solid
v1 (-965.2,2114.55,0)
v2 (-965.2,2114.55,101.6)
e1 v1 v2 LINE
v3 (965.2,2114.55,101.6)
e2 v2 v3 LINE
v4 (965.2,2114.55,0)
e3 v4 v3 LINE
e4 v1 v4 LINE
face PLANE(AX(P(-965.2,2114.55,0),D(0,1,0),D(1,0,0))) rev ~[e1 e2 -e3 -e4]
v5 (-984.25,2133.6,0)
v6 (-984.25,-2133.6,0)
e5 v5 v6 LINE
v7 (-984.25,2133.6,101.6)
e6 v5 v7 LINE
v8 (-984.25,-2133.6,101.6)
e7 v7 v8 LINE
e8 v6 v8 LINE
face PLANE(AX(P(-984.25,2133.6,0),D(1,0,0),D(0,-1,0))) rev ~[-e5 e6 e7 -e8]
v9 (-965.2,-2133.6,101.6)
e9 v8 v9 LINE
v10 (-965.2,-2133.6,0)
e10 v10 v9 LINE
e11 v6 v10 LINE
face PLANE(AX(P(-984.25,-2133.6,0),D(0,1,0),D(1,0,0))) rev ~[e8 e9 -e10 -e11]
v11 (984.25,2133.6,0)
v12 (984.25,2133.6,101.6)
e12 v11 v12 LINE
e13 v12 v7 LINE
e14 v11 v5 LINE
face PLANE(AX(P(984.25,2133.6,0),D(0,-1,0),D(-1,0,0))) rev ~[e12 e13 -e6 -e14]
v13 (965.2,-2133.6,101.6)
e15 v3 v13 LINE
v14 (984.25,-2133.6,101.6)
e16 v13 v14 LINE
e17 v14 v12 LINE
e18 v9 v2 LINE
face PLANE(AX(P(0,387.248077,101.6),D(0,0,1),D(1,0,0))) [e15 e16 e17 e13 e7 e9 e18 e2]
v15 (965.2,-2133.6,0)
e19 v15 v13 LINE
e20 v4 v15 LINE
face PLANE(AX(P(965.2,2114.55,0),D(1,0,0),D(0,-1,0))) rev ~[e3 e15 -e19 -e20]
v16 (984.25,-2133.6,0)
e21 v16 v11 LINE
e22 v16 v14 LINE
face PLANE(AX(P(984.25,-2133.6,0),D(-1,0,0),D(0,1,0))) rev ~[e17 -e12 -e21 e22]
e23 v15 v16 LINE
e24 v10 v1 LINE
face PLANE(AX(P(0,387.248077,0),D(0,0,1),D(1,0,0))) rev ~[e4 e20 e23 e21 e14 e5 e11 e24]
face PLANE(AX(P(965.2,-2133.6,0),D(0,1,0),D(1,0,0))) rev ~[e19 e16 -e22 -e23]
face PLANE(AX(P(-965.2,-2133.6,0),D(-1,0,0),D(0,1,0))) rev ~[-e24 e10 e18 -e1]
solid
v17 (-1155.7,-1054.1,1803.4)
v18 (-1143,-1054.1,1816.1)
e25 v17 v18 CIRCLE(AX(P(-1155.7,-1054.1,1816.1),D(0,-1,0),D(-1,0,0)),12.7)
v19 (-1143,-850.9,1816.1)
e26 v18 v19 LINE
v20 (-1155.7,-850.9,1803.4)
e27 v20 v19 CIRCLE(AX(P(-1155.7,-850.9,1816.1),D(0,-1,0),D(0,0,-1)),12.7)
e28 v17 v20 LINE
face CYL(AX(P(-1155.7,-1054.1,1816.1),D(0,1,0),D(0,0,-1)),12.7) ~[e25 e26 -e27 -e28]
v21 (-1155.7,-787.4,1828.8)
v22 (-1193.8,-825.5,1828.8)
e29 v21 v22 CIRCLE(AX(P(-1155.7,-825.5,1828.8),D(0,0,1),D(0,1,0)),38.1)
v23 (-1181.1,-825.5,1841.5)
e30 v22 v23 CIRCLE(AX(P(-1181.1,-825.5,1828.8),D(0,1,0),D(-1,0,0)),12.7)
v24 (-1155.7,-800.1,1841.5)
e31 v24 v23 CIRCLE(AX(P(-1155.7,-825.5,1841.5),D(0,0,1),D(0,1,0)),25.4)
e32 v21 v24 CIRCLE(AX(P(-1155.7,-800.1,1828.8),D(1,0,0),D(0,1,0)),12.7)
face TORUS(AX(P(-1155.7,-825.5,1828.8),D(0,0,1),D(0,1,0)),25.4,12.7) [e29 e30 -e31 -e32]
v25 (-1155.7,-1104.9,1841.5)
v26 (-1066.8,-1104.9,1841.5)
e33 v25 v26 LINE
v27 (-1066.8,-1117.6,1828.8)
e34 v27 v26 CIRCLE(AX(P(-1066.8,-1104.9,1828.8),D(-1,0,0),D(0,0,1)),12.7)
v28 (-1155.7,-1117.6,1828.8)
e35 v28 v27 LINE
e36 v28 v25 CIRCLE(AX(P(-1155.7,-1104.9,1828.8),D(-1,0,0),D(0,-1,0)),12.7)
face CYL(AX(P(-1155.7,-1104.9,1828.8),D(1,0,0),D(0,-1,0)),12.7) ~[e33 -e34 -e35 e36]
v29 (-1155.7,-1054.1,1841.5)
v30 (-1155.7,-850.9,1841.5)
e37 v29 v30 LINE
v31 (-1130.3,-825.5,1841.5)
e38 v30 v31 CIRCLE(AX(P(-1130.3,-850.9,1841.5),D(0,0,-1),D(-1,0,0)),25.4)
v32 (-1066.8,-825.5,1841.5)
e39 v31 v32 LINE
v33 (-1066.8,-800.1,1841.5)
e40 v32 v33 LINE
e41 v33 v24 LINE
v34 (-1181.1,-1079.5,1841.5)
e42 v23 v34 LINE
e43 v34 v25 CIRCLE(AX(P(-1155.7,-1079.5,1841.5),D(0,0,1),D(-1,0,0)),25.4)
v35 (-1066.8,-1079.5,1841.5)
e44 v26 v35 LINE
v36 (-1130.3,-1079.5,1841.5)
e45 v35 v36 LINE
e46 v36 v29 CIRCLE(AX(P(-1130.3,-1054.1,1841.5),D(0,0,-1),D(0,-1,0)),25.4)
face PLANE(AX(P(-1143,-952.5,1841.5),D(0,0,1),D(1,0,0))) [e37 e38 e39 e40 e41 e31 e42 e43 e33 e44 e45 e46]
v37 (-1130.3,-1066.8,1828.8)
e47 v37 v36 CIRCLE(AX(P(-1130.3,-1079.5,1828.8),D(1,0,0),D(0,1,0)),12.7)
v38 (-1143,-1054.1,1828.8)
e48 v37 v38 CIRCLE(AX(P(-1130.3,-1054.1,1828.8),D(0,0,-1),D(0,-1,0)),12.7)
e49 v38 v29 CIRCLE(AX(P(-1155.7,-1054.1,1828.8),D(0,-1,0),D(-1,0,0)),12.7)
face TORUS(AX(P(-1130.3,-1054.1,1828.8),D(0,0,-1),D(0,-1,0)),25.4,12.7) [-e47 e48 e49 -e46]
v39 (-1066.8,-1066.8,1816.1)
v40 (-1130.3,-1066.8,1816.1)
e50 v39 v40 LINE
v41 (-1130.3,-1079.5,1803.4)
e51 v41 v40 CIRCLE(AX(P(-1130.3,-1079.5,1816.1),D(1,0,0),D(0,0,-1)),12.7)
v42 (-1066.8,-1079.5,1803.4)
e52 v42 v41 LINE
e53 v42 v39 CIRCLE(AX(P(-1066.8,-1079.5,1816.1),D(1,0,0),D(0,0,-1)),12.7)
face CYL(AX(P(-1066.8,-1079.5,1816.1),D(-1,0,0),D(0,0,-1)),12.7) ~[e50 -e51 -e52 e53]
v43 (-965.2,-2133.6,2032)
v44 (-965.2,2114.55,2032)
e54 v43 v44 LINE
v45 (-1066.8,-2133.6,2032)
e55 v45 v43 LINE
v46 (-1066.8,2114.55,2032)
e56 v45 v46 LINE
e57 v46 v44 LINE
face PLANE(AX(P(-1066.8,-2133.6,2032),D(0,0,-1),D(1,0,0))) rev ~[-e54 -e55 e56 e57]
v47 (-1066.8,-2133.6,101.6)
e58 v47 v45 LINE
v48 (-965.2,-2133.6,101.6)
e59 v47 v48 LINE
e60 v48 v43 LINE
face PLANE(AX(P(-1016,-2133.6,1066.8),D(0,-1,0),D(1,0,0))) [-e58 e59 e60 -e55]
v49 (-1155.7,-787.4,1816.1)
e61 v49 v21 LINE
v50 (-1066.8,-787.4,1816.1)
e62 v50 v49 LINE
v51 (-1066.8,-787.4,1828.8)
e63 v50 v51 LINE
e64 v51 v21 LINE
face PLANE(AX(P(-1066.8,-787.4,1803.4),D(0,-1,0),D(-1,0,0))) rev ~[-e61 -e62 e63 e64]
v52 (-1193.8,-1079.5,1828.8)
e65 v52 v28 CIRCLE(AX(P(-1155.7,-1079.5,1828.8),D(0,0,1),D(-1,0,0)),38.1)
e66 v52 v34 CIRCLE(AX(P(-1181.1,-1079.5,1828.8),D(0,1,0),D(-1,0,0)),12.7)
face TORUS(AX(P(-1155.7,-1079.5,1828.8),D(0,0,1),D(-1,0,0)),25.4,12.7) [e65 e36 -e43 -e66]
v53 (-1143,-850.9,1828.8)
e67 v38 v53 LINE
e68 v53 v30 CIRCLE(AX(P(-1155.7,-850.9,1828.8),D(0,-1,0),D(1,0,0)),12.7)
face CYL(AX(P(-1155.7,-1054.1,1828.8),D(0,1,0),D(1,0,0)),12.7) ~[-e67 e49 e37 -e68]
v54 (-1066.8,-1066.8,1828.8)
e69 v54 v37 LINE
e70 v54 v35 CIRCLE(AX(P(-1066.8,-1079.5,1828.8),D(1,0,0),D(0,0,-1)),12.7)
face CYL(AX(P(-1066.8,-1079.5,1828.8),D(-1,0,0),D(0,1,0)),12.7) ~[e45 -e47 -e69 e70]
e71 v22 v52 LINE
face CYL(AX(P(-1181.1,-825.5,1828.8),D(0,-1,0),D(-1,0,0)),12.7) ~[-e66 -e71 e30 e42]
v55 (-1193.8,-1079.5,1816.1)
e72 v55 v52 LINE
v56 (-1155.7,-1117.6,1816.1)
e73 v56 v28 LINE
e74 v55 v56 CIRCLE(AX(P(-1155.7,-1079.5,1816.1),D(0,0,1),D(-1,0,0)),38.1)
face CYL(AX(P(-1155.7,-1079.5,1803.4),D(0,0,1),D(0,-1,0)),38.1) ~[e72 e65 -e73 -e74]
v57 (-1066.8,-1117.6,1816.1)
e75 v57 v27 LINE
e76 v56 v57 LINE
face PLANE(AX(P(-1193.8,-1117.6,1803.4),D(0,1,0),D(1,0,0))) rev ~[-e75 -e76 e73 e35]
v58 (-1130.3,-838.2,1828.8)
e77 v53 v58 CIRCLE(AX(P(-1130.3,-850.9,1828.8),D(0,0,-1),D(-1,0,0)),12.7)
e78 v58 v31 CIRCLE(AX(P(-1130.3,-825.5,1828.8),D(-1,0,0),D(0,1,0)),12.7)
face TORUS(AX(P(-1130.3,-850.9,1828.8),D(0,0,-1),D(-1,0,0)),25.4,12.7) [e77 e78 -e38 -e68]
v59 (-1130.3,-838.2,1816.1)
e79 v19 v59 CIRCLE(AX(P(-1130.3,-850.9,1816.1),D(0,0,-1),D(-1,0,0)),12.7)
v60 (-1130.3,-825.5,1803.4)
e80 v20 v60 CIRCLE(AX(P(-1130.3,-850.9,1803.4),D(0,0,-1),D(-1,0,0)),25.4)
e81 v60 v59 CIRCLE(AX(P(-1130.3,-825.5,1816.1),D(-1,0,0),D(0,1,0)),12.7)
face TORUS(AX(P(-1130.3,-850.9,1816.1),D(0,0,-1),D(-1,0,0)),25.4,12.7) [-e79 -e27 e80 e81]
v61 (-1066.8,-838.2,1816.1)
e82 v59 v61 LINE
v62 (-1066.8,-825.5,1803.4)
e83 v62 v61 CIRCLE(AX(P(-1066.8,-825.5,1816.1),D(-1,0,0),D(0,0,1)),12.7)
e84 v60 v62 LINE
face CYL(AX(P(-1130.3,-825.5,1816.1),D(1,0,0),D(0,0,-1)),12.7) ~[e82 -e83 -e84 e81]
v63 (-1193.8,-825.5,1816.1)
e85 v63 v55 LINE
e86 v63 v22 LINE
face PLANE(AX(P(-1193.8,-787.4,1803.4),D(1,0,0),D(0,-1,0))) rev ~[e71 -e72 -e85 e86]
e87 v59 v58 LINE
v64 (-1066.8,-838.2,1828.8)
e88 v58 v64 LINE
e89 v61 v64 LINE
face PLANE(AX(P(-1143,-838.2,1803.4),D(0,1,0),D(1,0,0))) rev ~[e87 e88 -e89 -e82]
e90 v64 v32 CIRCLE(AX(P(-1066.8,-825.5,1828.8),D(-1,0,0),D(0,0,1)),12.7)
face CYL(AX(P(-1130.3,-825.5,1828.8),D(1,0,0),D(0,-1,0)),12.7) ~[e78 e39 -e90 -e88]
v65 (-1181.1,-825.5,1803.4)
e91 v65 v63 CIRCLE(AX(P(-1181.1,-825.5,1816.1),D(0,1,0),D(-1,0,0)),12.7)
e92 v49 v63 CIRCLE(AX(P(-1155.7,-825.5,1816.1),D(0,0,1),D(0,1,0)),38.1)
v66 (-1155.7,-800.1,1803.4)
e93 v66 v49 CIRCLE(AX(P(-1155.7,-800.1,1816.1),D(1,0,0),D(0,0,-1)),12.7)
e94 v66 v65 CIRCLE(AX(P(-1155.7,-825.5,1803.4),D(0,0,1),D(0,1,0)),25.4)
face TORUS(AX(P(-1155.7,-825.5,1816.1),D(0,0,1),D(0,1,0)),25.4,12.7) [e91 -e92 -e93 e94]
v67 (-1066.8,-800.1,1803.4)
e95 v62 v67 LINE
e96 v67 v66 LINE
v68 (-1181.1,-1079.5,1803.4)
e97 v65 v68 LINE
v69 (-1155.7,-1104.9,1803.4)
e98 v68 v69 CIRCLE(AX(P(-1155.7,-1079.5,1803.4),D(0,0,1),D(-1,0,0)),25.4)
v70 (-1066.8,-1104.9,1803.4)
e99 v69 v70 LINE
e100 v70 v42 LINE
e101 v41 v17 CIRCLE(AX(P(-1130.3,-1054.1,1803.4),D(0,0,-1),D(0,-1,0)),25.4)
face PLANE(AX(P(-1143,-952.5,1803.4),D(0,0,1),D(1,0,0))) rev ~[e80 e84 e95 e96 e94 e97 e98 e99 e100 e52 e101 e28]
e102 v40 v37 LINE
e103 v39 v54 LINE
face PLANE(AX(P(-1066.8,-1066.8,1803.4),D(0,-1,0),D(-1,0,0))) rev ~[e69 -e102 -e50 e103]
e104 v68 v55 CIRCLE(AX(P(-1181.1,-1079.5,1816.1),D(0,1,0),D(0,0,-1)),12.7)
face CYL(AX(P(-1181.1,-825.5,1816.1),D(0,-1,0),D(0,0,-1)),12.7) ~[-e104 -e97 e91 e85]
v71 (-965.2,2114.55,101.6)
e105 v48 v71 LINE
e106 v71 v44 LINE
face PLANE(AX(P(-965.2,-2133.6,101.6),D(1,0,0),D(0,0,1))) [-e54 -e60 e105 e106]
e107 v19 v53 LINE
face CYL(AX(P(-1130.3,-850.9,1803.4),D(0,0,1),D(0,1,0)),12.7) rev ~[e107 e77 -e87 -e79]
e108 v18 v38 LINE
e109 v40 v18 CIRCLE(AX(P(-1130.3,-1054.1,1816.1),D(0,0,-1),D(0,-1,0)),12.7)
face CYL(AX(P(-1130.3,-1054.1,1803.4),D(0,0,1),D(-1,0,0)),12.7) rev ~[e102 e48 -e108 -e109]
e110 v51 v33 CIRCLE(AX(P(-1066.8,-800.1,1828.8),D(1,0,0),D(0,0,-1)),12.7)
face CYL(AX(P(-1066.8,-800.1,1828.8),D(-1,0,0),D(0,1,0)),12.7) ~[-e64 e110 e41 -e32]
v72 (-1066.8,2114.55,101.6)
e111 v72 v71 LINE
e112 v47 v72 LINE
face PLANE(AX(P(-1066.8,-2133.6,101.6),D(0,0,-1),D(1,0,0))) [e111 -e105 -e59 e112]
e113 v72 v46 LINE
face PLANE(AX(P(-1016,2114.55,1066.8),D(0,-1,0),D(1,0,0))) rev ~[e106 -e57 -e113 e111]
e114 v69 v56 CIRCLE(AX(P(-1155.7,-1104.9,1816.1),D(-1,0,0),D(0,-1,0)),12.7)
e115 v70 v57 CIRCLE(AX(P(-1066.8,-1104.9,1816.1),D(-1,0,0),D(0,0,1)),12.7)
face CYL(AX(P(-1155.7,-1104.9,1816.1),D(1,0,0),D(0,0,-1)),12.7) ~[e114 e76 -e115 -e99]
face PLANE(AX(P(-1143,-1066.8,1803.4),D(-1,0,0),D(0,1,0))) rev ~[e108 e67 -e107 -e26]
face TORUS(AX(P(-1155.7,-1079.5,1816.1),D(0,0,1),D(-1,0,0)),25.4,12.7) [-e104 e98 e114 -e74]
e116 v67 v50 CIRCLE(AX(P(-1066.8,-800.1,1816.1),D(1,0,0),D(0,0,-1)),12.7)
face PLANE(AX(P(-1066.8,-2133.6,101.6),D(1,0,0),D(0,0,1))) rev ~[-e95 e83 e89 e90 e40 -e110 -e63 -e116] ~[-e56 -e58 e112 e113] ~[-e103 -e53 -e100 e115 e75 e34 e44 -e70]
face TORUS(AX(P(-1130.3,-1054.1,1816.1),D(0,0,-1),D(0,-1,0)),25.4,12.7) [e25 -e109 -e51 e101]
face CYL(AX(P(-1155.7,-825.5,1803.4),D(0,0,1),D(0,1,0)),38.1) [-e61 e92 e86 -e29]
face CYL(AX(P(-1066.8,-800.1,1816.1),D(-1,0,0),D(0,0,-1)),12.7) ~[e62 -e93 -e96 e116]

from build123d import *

# Parameters (mm, degrees)
BOSS_EXTRUDE1_DEPTH = 101.6
SKETCH2_W           = 101.6
SKETCH2_H           = 1930.4
BOSS_EXTRUDE2_DEPTH = 4248.15
BOSS_EXTRUDE3_START = -228.6
BOSS_EXTRUDE3_DEPTH = 38.1
FILLET1_R           = 38.1
FILLET2_R           = 12.7
FILLET3_R           = 12.7


with BuildPart() as part:
    # Sketch1 → Boss-Extrude1 (new body)
    with BuildSketch(Plane.XY):
        Polygon((965.2, 2114.55), (965.2, -2133.6), (984.25, -2133.6), (984.25, 2133.6), (-984.25, 2133.6), (-984.25, -2133.6), (-965.2, -2133.6), (-965.2, 2114.55), align=None)
    extrude(amount=BOSS_EXTRUDE1_DEPTH)


with BuildPart() as body_2:
    # Sketch2 → Boss-Extrude2 (new body)
    with BuildSketch(Plane.XZ.offset(2133.6)):
        with Locations((-1016, 1066.8)):
            Rectangle(SKETCH2_W, SKETCH2_H)
    extrude(amount=-BOSS_EXTRUDE2_DEPTH)

    # Sketch3 → Boss-Extrude3 (add)
    with BuildSketch(Plane.XY.offset(2032).offset(BOSS_EXTRUDE3_START)):
        Polygon((-1066.8, -787.4), (-1193.8, -787.4), (-1193.8, -1117.6), (-1066.8, -1117.6), (-1066.8, -1066.8), (-1143, -1066.8), (-1143, -838.2), (-1066.8, -838.2), align=None)
    extrude(amount=BOSS_EXTRUDE3_DEPTH)

    # Fillet1
    fillet1_edges = [body_2.edges().sort_by_distance(p)[0] for p in [
        (-1193.8, -787.4, 1822.45),
        (-1193.8, -1117.6, 1822.45),
    ]]
    fillet(fillet1_edges, radius=FILLET1_R)

    # Fillet2
    fillet2_edges = [body_2.edges().sort_by_distance(p)[0] for p in [
        (-1143, -1066.8, 1822.45),
        (-1143, -838.2, 1822.45),
    ]]
    fillet(fillet2_edges, radius=FILLET2_R)

    # Fillet3
    fillet3_edges = [body_2.edges().sort_by_distance(p)[0] for p in [
        (-1111.25, -787.4, 1803.4),
        (-1098.55, -1066.8, 1803.4),
        (-1111.25, -787.4, 1841.5),
        (-1098.55, -1066.8, 1841.5),
        (-1111.25, -1117.6, 1803.4),
        (-1111.25, -1117.6, 1841.5),
        (-1193.8, -952.5, 1803.4),
        (-1182.640768363, -798.559231637, 1803.4),
        (-1182.640768363, -1106.440768363, 1803.4),
        (-1193.8, -952.5, 1841.5),
        (-1182.640768363, -798.559231637, 1841.5),
        (-1182.640768363, -1106.440768363, 1841.5),
        (-1143, -952.5, 1803.4),
        (-1143, -952.5, 1841.5),
        (-1098.55, -838.2, 1803.4),
        (-1098.55, -838.2, 1841.5),
        (-1139.280256121, -1063.080256121, 1803.4),
        (-1139.280256121, -1063.080256121, 1841.5),
        (-1139.280256121, -841.919743879, 1803.4),
        (-1139.280256121, -841.919743879, 1841.5),
    ]]
    fillet(fillet3_edges, radius=FILLET3_R)


solid = Compound([part.part, body_2.part])
